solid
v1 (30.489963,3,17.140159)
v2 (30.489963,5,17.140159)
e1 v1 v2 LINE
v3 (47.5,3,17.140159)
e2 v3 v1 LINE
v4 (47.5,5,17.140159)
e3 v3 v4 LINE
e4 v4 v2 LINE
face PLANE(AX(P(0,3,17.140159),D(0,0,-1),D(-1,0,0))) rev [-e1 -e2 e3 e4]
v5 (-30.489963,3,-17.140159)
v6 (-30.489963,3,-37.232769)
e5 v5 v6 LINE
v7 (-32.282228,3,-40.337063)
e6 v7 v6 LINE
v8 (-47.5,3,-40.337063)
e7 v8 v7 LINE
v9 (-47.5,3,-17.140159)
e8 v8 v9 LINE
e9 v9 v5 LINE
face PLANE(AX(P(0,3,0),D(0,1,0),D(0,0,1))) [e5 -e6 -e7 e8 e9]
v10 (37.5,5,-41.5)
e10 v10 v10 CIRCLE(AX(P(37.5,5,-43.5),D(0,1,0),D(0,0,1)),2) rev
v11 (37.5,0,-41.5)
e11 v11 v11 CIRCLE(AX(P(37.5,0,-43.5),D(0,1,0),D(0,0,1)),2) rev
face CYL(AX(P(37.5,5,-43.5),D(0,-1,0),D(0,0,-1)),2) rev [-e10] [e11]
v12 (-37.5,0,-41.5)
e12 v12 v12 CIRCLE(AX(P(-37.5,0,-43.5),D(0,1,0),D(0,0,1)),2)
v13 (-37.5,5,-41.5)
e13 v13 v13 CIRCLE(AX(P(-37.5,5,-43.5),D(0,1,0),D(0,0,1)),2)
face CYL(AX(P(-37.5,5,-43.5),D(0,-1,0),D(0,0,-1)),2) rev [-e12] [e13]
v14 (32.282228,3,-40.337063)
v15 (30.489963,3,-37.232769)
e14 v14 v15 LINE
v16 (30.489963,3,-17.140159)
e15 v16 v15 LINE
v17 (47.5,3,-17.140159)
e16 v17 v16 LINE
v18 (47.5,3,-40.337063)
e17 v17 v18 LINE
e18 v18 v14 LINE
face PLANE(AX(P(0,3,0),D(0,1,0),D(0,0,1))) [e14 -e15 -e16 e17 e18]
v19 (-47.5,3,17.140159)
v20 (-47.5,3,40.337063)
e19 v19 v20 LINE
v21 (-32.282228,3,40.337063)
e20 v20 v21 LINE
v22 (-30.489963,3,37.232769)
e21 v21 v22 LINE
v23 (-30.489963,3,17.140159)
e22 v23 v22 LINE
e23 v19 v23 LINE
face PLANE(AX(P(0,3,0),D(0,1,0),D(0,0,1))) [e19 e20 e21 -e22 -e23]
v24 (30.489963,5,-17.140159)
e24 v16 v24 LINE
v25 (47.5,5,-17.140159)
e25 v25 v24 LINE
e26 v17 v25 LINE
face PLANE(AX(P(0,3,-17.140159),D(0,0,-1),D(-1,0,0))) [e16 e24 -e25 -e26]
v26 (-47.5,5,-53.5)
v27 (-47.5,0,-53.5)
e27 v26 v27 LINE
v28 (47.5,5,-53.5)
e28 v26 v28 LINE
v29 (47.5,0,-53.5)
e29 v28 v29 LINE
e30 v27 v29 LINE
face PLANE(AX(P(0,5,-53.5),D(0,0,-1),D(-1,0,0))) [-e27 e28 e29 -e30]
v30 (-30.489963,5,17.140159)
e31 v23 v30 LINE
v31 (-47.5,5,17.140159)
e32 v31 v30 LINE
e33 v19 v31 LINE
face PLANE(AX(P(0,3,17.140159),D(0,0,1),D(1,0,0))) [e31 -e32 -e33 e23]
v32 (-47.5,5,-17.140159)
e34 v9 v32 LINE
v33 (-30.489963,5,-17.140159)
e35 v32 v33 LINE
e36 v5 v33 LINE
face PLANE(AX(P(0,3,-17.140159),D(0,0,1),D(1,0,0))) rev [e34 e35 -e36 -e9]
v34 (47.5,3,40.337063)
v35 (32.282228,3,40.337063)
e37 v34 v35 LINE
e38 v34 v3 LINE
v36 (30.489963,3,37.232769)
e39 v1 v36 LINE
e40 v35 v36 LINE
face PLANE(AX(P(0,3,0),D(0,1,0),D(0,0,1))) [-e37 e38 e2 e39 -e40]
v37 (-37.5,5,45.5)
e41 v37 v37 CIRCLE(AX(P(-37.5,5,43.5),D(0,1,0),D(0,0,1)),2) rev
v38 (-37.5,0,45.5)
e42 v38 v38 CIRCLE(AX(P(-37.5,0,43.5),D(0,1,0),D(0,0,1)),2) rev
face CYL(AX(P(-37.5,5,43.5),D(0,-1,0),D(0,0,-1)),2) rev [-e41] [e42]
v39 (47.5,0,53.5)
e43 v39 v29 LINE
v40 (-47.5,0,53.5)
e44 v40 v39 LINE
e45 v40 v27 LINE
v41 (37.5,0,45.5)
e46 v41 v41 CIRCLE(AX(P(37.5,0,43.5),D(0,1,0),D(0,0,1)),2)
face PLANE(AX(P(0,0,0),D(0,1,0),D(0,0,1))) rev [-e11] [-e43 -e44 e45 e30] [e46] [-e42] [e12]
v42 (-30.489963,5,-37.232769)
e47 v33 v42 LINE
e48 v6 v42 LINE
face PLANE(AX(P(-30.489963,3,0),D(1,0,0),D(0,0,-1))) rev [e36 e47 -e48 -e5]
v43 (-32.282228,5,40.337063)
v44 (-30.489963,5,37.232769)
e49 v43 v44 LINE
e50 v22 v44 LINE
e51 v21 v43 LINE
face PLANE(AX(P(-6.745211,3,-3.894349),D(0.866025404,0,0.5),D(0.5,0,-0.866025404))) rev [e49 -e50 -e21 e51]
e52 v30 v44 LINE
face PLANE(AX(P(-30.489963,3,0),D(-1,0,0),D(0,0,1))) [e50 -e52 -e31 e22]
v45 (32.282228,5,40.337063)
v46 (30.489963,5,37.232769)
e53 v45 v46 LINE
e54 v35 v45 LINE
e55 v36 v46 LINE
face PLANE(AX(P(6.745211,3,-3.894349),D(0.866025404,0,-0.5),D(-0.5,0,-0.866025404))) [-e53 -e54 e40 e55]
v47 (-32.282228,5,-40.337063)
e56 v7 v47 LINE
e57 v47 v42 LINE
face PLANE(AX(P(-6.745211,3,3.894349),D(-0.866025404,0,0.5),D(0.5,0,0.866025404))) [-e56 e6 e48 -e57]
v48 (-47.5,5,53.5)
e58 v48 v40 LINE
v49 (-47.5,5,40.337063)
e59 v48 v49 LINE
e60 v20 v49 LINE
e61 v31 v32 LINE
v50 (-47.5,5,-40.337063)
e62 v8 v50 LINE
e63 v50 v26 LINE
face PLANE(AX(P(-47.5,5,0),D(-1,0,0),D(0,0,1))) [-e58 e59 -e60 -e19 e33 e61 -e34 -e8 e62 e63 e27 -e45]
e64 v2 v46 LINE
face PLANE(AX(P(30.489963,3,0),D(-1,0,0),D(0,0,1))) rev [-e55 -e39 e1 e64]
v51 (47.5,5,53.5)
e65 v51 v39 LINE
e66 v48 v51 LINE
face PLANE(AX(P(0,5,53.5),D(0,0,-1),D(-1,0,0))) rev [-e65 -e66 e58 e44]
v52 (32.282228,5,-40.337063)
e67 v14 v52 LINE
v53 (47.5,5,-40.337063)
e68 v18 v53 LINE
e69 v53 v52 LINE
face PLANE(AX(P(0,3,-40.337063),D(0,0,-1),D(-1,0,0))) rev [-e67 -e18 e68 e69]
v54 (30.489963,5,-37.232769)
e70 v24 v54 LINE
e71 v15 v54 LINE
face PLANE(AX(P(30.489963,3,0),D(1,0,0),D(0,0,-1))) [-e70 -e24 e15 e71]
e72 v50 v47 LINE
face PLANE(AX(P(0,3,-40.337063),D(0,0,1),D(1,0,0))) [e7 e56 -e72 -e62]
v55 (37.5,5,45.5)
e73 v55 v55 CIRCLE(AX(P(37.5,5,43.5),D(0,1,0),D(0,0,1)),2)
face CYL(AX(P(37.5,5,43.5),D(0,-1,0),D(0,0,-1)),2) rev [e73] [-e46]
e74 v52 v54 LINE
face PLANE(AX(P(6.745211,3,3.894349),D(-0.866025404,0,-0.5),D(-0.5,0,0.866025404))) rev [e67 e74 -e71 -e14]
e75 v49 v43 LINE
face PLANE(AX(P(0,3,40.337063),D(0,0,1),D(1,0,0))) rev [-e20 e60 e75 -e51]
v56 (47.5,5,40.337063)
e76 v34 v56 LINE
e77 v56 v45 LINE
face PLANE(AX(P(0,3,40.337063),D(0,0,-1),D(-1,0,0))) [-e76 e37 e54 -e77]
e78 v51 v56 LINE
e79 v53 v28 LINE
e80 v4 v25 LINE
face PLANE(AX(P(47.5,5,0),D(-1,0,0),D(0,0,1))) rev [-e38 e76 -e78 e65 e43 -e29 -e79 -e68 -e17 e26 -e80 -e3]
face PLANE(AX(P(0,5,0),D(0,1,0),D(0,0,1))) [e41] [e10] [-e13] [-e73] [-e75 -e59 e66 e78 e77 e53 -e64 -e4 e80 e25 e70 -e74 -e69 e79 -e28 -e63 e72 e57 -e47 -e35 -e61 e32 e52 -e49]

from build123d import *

# Parameters (mm, degrees)
SKETCH2_R           = 2
BOSS_EXTRUDE1_DEPTH = 5
CUT_EXTRUDE1_DEPTH  = 2


with BuildPart() as part:
    # Sketch2 → Boss-Extrude1 (new body)
    # profile 1 of 2: a face of its own
    with BuildSketch(Plane(origin=(0, 0, 0), x_dir=(1, 0, 0), z_dir=(0, 1, 0))):
        with BuildLine():
            ThreePointArc((37.5, -45.5), (36.085786438, -42.085786438), (39.5, -43.5))
            Line((39.5, -43.5), (47.5, -43.5))
            Line((47.5, -43.5), (47.5, 53.5))
            Line((47.5, 53.5), (-47.5, 53.5))
            Line((-47.5, 53.5), (-47.5, -53.5))
            Line((-47.5, -53.5), (37.5, -53.5))
            Line((37.5, -53.5), (37.5, -45.5))
        make_face()
        with Locations(Location((-37.5, -43.5, 0), (0, 0, 270))):
            Circle(SKETCH2_R, mode=Mode.SUBTRACT)
        with Locations(Location((-37.5, 43.5, 0), (0, 0, 270))):
            Circle(SKETCH2_R, mode=Mode.SUBTRACT)
        with Locations(Location((37.5, 43.5, 0), (0, 0, 270))):
            Circle(SKETCH2_R, mode=Mode.SUBTRACT)
    # profile 2 of 2: a face of its own
    with BuildSketch(Plane(origin=(0, 0, 0), x_dir=(1, 0, 0), z_dir=(0, 1, 0))):
        with BuildLine():
            Line((47.5, -43.5), (39.5, -43.5))
            ThreePointArc((39.5, -43.5), (38.914213562, -44.914213562), (37.5, -45.5))
            Line((37.5, -45.5), (37.5, -53.5))
            Line((37.5, -53.5), (47.5, -53.5))
            Line((47.5, -53.5), (47.5, -43.5))
        make_face()
    extrude(amount=BOSS_EXTRUDE1_DEPTH)

    # Sketch3 → Cut-Extrude1 (cut)
    with BuildSketch(Plane(origin=(0, 5, 0), x_dir=(1, 0, 0), z_dir=(0, 1, 0))):
        Polygon((-47.5, 40.237063088), (-47.5, 17.240159463), (-47.5, 17.140159463), (-30.489963443, 17.140159463), (-30.489963443, 37.232769094), (-32.282228416, 40.337063088), (-47.5, 40.337063088), align=None)
        Polygon((47.5, 40.337063088), (32.282228416, 40.337063088), (30.489963443, 37.232769094), (30.489963443, 17.140159463), (47.5, 17.140159463), (47.5, 17.240159463), (47.5, 40.237063088), align=None)
        Polygon((47.5, -17.240159463), (47.5, -17.140159463), (30.489963443, -17.140159463), (30.489963443, -37.232769094), (32.282228416, -40.337063088), (47.5, -40.337063088), (47.5, -40.237063088), align=None)
        Polygon((-30.489963443, -17.140159463), (-47.5, -17.140159463), (-47.5, -17.240159463), (-47.5, -40.237063088), (-47.5, -40.337063088), (-32.282228416, -40.337063088), (-30.489963443, -37.232769094), align=None)
    extrude(amount=-CUT_EXTRUDE1_DEPTH, mode=Mode.SUBTRACT)


solid = part.part
